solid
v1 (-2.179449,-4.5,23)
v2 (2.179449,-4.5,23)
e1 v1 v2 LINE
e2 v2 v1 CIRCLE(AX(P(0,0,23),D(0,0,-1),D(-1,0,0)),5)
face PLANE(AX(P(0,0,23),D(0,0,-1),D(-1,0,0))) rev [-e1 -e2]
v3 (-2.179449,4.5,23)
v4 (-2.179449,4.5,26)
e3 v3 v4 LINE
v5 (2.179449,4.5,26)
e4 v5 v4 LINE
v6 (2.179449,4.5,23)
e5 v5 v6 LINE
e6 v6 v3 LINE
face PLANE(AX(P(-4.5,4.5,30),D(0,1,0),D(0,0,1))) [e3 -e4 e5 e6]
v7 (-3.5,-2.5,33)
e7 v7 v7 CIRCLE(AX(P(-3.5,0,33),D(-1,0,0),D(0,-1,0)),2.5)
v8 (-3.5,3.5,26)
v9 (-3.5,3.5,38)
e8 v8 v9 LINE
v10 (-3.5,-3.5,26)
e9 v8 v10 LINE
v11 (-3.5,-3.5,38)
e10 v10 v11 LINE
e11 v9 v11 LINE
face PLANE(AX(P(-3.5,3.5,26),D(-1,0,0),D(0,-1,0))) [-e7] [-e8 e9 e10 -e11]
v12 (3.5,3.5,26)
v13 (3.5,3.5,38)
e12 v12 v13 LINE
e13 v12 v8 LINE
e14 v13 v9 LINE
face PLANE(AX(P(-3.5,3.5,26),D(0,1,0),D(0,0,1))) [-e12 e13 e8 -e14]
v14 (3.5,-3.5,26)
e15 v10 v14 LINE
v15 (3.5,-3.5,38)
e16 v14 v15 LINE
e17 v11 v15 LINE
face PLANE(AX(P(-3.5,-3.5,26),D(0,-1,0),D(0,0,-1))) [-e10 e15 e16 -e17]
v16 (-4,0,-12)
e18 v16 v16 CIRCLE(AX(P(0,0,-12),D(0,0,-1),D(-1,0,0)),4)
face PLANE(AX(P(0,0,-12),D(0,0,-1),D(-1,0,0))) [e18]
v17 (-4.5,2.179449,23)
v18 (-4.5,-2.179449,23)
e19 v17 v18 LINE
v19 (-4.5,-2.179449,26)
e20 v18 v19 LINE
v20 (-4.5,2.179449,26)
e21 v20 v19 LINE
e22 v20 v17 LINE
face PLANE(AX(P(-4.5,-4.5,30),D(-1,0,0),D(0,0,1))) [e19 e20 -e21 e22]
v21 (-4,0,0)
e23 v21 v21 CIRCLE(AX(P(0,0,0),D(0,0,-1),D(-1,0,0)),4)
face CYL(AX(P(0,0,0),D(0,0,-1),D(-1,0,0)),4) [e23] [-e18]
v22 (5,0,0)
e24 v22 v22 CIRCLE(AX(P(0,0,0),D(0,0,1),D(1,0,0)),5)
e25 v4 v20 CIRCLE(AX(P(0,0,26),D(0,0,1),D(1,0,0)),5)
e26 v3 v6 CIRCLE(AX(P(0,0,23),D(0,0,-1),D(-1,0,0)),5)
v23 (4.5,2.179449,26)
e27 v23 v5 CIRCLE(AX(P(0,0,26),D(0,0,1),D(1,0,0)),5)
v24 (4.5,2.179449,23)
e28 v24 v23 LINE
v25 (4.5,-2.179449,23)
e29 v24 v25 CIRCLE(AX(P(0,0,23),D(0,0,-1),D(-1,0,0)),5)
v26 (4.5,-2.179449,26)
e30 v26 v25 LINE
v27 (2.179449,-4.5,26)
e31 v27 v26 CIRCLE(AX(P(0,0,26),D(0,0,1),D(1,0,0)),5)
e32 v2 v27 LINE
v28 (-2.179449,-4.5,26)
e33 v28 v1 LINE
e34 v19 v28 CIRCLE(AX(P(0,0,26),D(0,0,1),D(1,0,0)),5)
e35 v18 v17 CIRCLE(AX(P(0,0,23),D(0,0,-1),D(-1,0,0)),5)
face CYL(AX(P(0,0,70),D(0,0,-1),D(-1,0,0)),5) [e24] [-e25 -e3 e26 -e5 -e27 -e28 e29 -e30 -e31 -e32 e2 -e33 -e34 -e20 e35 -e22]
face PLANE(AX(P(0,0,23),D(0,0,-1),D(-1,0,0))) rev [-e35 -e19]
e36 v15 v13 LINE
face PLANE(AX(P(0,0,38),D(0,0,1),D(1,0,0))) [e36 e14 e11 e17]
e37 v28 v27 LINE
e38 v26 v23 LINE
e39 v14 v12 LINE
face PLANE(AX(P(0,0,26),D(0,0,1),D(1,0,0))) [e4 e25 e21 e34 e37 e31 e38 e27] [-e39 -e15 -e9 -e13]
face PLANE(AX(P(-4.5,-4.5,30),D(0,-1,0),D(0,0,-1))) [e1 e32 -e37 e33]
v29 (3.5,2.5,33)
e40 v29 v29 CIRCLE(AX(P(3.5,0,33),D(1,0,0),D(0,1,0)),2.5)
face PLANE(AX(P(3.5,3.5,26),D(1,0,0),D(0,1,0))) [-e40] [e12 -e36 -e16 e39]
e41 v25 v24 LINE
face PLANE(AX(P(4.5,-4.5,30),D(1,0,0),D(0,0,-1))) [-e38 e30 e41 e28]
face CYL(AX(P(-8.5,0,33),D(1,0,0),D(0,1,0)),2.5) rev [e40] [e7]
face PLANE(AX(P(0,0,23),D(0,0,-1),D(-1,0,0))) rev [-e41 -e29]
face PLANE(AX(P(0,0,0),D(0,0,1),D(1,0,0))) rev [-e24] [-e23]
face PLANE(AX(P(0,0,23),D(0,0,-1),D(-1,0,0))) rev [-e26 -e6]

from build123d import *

# Parameters (mm, degrees)
ESQUISSE1_R             = 5
BOSS_EXTRU_2_DEPTH      = 70
ESQUISSE2_R             = 3.5
BOSS_EXTRU_3_DEPTH      = 12
ESQUISSE4_R             = 15
BOSS_EXTRU_5_DEPTH      = 5
ESQUISSE5_R             = 3.5
BOSS_EXTRU_6_DEPTH      = 12
ENL_V_MAT_EXTRU_1_DEPTH = 12
ESQUISSE7_R             = 15
ENL_V_MAT_EXTRU_2_DEPTH = 47
ESQUISSE8_W             = 9
ESQUISSE8_H             = 9
BOSS_EXTRU_7_DEPTH      = 5
ESQUISSE9_W             = 10
ESQUISSE9_H             = 10
ESQUISSE9_W_2           = 9
ESQUISSE9_H_2           = 9
ENL_V_MAT_EXTRU_3_DEPTH = 12
ESQUISSE10_W            = 9
ESQUISSE10_H            = 9
BOSS_EXTRU_8_DEPTH      = 7
ESQUISSE11_W            = 9
ESQUISSE11_H            = 9
ENL_V_MAT_EXTRU_4_DEPTH = 4
ESQUISSE13_W            = 9
ESQUISSE13_H            = 9
BOSS_EXTRU_9_DEPTH      = 12
ESQUISSE14_W            = 9
ESQUISSE14_H            = 9
ESQUISSE14_W_2          = 7
ESQUISSE14_H_2          = 7
ENL_V_MAT_EXTRU_5_DEPTH = 12
ESQUISSE15_R            = 2.5
ENL_V_MAT_EXTRU_6_DEPTH = 12
ESQUISSE16_R            = 4
BOSS_EXTRU_10_DEPTH     = 12


with BuildPart() as part:
    # Esquisse1 → Boss.-Extru.2 (new body)
    with BuildSketch(Plane.XY):
        Circle(ESQUISSE1_R)
    extrude(amount=BOSS_EXTRU_2_DEPTH)

    # Esquisse2 → Boss.-Extru.3 (add)
    with BuildSketch(Plane(origin=(0, 0, 0), x_dir=(-1, 0, 0), z_dir=(0, 0, -1))):
        Circle(ESQUISSE2_R)
    extrude(amount=BOSS_EXTRU_3_DEPTH)

    # Esquisse4 → Boss.-Extru.5 (add)
    with BuildSketch(Plane.XY.offset(70)):
        Circle(ESQUISSE4_R)
    extrude(amount=-BOSS_EXTRU_5_DEPTH)

    # Esquisse5 → Boss.-Extru.6 (add)
    with BuildSketch(Plane.XY.offset(70)):
        Circle(ESQUISSE5_R)
    extrude(amount=BOSS_EXTRU_6_DEPTH)

    # Esquisse6 → Enlèv. mat.-Extru.1 (cut)
    with BuildSketch(Plane.XY.offset(70)):
        with BuildLine():
            Line((-6.262893089, 8.172072336), (-7.499435292, 12.990707074))
            ThreePointArc((-7.499435292, 12.990707074), (-9.123657799, 11.90625333), (-10.593218546, 10.619968024))
            Line((-10.593218546, 10.619968024), (-6.262893089, 8.172072336))
        make_face()
        with BuildLine():
            Line((-8.152402023, 6.270263162), (-10.606442664, 10.606760769))
            ThreePointArc((-10.606442664, 10.606760769), (-11.894621233, 9.138817524), (-12.981158937, 7.515950549))
            Line((-12.981158937, 7.515950549), (-8.152402023, 6.270263162))
        make_face()
        with BuildLine():
            Line((-9.499942261, 3.951679007), (-12.981158937, 7.515950549))
            ThreePointArc((-12.981158937, 7.515950549), (-13.849269023, 5.761748652), (-14.481582106, 3.909447494))
            Line((-14.481582106, 3.909447494), (-9.499942261, 3.951679007))
        make_face()
        with BuildLine():
            Line((-10.188028074, 1.356459322), (-14.486441985, 3.891400598))
            ThreePointArc((-14.486441985, 3.891400598), (-14.869805294, 1.972027008), (-14.999987869, 0.0190767))
            Line((-14.999987869, 0.0190767), (-10.188028074, 1.356459322))
        make_face()
        with BuildLine():
            ThreePointArc((-14.999987869, -0.0190767), (-14.869805294, -1.972027008), (-14.486441985, -3.891400598))
            Line((-14.486441985, -3.891400598), (-10.188028074, -1.356459322))
            Line((-10.188028074, -1.356459322), (-14.999987869, -0.0190767))
        make_face()
        with BuildLine():
            Line((-9.499942261, -3.951679007), (-14.481582106, -3.909447494))
            ThreePointArc((-14.481582106, -3.909447494), (-13.849269023, -5.761748652), (-12.981158937, -7.515950549))
            Line((-12.981158937, -7.515950549), (-9.499942261, -3.951679007))
        make_face()
        with BuildLine():
            Line((-8.152402023, -6.270263162), (-12.981158937, -7.515950549))
            ThreePointArc((-12.981158937, -7.515950549), (-11.894621233, -9.138817524), (-10.606442664, -10.606760769))
            Line((-10.606442664, -10.606760769), (-8.152402023, -6.270263162))
        make_face()
        with BuildLine():
            Line((-6.262893089, -8.172072336), (-10.593218546, -10.619968024))
            ThreePointArc((-10.593218546, -10.619968024), (-9.123657799, -11.90625333), (-7.499435292, -12.990707074))
            Line((-7.499435292, -12.990707074), (-6.262893089, -8.172072336))
        make_face()
        with BuildLine():
            Line((-3.939593974, -9.504960245), (-7.499435292, -12.990707074))
            ThreePointArc((-7.499435292, -12.990707074), (-5.744130769, -13.8565855), (-3.891026946, -14.486542352))
            Line((-3.891026946, -14.486542352), (-3.939593974, -9.504960245))
        make_face()
        with BuildLine():
            Line((-1.343501295, -10.189744953), (-3.872973884, -14.491379275))
            ThreePointArc((-3.872973884, -14.491379275), (-1.953114292, -14.872301253), (0, -15))
            Line((0, -15), (-1.343501295, -10.189744953))
        make_face()
        with BuildLine():
            ThreePointArc((0, -15), (1.953114292, -14.872301253), (3.872973884, -14.491379275))
            Line((3.872973884, -14.491379275), (1.343501295, -10.189744953))
            Line((1.343501295, -10.189744953), (0, -15))
        make_face()
        with BuildLine():
            ThreePointArc((3.891026946, -14.486542352), (5.744130769, -13.8565855), (7.499435292, -12.990707074))
            Line((7.499435292, -12.990707074), (3.939593974, -9.504960245))
            Line((3.939593974, -9.504960245), (3.891026946, -14.486542352))
        make_face()
        with BuildLine():
            ThreePointArc((7.499435292, -12.990707074), (9.123657799, -11.90625333), (10.593218546, -10.619968024))
            Line((10.593218546, -10.619968024), (6.262893089, -8.172072336))
            Line((6.262893089, -8.172072336), (7.499435292, -12.990707074))
        make_face()
        with BuildLine():
            ThreePointArc((10.606442664, -10.606760769), (11.894621233, -9.138817524), (12.981158937, -7.515950549))
            Line((12.981158937, -7.515950549), (8.152402023, -6.270263162))
            Line((8.152402023, -6.270263162), (10.606442664, -10.606760769))
        make_face()
        with BuildLine():
            ThreePointArc((12.981158937, -7.515950549), (13.849269023, -5.761748652), (14.481582106, -3.909447494))
            Line((14.481582106, -3.909447494), (9.499942261, -3.951679007))
            Line((9.499942261, -3.951679007), (12.981158937, -7.515950549))
        make_face()
        with BuildLine():
            ThreePointArc((15, 0), (14.999996967, 0.009538352), (14.999987869, 0.0190767))
            Line((14.999987869, 0.0190767), (10.159352957, -1.339548494))
            Line((10.159352957, -1.339548494), (14.486441985, -3.891400598))
            ThreePointArc((14.486441985, -3.891400598), (14.87105628, -1.962571047), (15, 0))
        make_face()
        with BuildLine():
            ThreePointArc((14.999987869, 0.0190767), (14.869805294, 1.972027008), (14.486441985, 3.891400598))
            Line((14.486441985, 3.891400598), (10.188028074, 1.356459322))
            Line((10.188028074, 1.356459322), (14.999987869, 0.0190767))
        make_face()
        with BuildLine():
            ThreePointArc((14.481582106, 3.909447494), (13.849269023, 5.761748652), (12.981158937, 7.515950549))
            Line((12.981158937, 7.515950549), (9.499942261, 3.951679007))
            Line((9.499942261, 3.951679007), (14.481582106, 3.909447494))
        make_face()
        with BuildLine():
            ThreePointArc((12.981158937, 7.515950549), (11.894621233, 9.138817524), (10.606442664, 10.606760769))
            Line((10.606442664, 10.606760769), (8.152402023, 6.270263162))
            Line((8.152402023, 6.270263162), (12.981158937, 7.515950549))
        make_face()
        with BuildLine():
            ThreePointArc((10.593218546, 10.619968024), (9.123657799, 11.90625333), (7.499435292, 12.990707074))
            Line((7.499435292, 12.990707074), (6.262893089, 8.172072336))
            Line((6.262893089, 8.172072336), (10.593218546, 10.619968024))
        make_face()
        with BuildLine():
            ThreePointArc((7.499435292, 12.990707074), (5.744130769, 13.8565855), (3.891026946, 14.486542352))
            Line((3.891026946, 14.486542352), (3.939593974, 9.504960245))
            Line((3.939593974, 9.504960245), (7.499435292, 12.990707074))
        make_face()
        with BuildLine():
            ThreePointArc((3.872973884, 14.491379275), (1.953114292, 14.872301253), (0, 15))
            Line((0, 15), (1.343501295, 10.189744953))
            Line((1.343501295, 10.189744953), (3.872973884, 14.491379275))
        make_face()
        with BuildLine():
            Line((-1.343501295, 10.189744953), (0, 15))
            ThreePointArc((0, 15), (-1.953114292, 14.872301253), (-3.872973884, 14.491379275))
            Line((-3.872973884, 14.491379275), (-1.343501295, 10.189744953))
        make_face()
        with BuildLine():
            Line((-3.939593974, 9.504960245), (-3.891026946, 14.486542352))
            ThreePointArc((-3.891026946, 14.486542352), (-5.744130769, 13.8565855), (-7.499435292, 12.990707074))
            Line((-7.499435292, 12.990707074), (-3.939593974, 9.504960245))
        make_face()
    extrude(amount=-ENL_V_MAT_EXTRU_1_DEPTH, mode=Mode.SUBTRACT)

    # Esquisse7 → Enlèv. mat.-Extru.2 (cut)
    with BuildSketch(Plane.XY.offset(82)):
        Circle(ESQUISSE7_R)
    extrude(amount=-ENL_V_MAT_EXTRU_2_DEPTH, mode=Mode.SUBTRACT)

    # Esquisse8 → Boss.-Extru.7 (add)
    with BuildSketch(Plane.XY.offset(35)):
        Rectangle(ESQUISSE8_W, ESQUISSE8_H)
    extrude(amount=-BOSS_EXTRU_7_DEPTH)

    # Esquisse9 → Enlèv. mat.-Extru.3 (cut)
    with BuildSketch(Plane.XY.offset(35)):
        Rectangle(ESQUISSE9_W, ESQUISSE9_H)
        Rectangle(ESQUISSE9_W_2, ESQUISSE9_H_2, mode=Mode.SUBTRACT)
    extrude(amount=-ENL_V_MAT_EXTRU_3_DEPTH, mode=Mode.SUBTRACT)

    # Esquisse10 → Boss.-Extru.8 (add)
    with BuildSketch(Plane.XY.offset(35)):
        Rectangle(ESQUISSE10_W, ESQUISSE10_H)
    extrude(amount=BOSS_EXTRU_8_DEPTH)

    # Esquisse11 → Enlèv. mat.-Extru.4 (cut)
    with BuildSketch(Plane.XY.offset(42)):
        Rectangle(ESQUISSE11_W, ESQUISSE11_H)
    extrude(amount=-ENL_V_MAT_EXTRU_4_DEPTH, mode=Mode.SUBTRACT)

    # Esquisse13 → Boss.-Extru.9 (add)
    with BuildSketch(Plane.XY.offset(38)):
        Rectangle(ESQUISSE13_W, ESQUISSE13_H)
    extrude(amount=-BOSS_EXTRU_9_DEPTH)

    # Esquisse14 → Enlèv. mat.-Extru.5 (cut)
    with BuildSketch(Plane.XY.offset(38)):
        Rectangle(ESQUISSE14_W, ESQUISSE14_H)
        Rectangle(ESQUISSE14_W_2, ESQUISSE14_H_2, mode=Mode.SUBTRACT)
    extrude(amount=-ENL_V_MAT_EXTRU_5_DEPTH, mode=Mode.SUBTRACT)

    # Esquisse15 → Enlèv. mat.-Extru.6 (cut)
    with BuildSketch(Plane(origin=(3.5, 0, 0), x_dir=(0, 0, -1), z_dir=(1, 0, 0))):
        with Locations((-33, 0)):
            Circle(ESQUISSE15_R)
    extrude(amount=-ENL_V_MAT_EXTRU_6_DEPTH, mode=Mode.SUBTRACT)

    # Esquisse16 → Boss.-Extru.10 (add)
    with BuildSketch(Plane(origin=(0, 0, -12), x_dir=(-1, 0, 0), z_dir=(0, 0, -1))):
        Circle(ESQUISSE16_R)
    extrude(amount=-BOSS_EXTRU_10_DEPTH)


solid = part.part
